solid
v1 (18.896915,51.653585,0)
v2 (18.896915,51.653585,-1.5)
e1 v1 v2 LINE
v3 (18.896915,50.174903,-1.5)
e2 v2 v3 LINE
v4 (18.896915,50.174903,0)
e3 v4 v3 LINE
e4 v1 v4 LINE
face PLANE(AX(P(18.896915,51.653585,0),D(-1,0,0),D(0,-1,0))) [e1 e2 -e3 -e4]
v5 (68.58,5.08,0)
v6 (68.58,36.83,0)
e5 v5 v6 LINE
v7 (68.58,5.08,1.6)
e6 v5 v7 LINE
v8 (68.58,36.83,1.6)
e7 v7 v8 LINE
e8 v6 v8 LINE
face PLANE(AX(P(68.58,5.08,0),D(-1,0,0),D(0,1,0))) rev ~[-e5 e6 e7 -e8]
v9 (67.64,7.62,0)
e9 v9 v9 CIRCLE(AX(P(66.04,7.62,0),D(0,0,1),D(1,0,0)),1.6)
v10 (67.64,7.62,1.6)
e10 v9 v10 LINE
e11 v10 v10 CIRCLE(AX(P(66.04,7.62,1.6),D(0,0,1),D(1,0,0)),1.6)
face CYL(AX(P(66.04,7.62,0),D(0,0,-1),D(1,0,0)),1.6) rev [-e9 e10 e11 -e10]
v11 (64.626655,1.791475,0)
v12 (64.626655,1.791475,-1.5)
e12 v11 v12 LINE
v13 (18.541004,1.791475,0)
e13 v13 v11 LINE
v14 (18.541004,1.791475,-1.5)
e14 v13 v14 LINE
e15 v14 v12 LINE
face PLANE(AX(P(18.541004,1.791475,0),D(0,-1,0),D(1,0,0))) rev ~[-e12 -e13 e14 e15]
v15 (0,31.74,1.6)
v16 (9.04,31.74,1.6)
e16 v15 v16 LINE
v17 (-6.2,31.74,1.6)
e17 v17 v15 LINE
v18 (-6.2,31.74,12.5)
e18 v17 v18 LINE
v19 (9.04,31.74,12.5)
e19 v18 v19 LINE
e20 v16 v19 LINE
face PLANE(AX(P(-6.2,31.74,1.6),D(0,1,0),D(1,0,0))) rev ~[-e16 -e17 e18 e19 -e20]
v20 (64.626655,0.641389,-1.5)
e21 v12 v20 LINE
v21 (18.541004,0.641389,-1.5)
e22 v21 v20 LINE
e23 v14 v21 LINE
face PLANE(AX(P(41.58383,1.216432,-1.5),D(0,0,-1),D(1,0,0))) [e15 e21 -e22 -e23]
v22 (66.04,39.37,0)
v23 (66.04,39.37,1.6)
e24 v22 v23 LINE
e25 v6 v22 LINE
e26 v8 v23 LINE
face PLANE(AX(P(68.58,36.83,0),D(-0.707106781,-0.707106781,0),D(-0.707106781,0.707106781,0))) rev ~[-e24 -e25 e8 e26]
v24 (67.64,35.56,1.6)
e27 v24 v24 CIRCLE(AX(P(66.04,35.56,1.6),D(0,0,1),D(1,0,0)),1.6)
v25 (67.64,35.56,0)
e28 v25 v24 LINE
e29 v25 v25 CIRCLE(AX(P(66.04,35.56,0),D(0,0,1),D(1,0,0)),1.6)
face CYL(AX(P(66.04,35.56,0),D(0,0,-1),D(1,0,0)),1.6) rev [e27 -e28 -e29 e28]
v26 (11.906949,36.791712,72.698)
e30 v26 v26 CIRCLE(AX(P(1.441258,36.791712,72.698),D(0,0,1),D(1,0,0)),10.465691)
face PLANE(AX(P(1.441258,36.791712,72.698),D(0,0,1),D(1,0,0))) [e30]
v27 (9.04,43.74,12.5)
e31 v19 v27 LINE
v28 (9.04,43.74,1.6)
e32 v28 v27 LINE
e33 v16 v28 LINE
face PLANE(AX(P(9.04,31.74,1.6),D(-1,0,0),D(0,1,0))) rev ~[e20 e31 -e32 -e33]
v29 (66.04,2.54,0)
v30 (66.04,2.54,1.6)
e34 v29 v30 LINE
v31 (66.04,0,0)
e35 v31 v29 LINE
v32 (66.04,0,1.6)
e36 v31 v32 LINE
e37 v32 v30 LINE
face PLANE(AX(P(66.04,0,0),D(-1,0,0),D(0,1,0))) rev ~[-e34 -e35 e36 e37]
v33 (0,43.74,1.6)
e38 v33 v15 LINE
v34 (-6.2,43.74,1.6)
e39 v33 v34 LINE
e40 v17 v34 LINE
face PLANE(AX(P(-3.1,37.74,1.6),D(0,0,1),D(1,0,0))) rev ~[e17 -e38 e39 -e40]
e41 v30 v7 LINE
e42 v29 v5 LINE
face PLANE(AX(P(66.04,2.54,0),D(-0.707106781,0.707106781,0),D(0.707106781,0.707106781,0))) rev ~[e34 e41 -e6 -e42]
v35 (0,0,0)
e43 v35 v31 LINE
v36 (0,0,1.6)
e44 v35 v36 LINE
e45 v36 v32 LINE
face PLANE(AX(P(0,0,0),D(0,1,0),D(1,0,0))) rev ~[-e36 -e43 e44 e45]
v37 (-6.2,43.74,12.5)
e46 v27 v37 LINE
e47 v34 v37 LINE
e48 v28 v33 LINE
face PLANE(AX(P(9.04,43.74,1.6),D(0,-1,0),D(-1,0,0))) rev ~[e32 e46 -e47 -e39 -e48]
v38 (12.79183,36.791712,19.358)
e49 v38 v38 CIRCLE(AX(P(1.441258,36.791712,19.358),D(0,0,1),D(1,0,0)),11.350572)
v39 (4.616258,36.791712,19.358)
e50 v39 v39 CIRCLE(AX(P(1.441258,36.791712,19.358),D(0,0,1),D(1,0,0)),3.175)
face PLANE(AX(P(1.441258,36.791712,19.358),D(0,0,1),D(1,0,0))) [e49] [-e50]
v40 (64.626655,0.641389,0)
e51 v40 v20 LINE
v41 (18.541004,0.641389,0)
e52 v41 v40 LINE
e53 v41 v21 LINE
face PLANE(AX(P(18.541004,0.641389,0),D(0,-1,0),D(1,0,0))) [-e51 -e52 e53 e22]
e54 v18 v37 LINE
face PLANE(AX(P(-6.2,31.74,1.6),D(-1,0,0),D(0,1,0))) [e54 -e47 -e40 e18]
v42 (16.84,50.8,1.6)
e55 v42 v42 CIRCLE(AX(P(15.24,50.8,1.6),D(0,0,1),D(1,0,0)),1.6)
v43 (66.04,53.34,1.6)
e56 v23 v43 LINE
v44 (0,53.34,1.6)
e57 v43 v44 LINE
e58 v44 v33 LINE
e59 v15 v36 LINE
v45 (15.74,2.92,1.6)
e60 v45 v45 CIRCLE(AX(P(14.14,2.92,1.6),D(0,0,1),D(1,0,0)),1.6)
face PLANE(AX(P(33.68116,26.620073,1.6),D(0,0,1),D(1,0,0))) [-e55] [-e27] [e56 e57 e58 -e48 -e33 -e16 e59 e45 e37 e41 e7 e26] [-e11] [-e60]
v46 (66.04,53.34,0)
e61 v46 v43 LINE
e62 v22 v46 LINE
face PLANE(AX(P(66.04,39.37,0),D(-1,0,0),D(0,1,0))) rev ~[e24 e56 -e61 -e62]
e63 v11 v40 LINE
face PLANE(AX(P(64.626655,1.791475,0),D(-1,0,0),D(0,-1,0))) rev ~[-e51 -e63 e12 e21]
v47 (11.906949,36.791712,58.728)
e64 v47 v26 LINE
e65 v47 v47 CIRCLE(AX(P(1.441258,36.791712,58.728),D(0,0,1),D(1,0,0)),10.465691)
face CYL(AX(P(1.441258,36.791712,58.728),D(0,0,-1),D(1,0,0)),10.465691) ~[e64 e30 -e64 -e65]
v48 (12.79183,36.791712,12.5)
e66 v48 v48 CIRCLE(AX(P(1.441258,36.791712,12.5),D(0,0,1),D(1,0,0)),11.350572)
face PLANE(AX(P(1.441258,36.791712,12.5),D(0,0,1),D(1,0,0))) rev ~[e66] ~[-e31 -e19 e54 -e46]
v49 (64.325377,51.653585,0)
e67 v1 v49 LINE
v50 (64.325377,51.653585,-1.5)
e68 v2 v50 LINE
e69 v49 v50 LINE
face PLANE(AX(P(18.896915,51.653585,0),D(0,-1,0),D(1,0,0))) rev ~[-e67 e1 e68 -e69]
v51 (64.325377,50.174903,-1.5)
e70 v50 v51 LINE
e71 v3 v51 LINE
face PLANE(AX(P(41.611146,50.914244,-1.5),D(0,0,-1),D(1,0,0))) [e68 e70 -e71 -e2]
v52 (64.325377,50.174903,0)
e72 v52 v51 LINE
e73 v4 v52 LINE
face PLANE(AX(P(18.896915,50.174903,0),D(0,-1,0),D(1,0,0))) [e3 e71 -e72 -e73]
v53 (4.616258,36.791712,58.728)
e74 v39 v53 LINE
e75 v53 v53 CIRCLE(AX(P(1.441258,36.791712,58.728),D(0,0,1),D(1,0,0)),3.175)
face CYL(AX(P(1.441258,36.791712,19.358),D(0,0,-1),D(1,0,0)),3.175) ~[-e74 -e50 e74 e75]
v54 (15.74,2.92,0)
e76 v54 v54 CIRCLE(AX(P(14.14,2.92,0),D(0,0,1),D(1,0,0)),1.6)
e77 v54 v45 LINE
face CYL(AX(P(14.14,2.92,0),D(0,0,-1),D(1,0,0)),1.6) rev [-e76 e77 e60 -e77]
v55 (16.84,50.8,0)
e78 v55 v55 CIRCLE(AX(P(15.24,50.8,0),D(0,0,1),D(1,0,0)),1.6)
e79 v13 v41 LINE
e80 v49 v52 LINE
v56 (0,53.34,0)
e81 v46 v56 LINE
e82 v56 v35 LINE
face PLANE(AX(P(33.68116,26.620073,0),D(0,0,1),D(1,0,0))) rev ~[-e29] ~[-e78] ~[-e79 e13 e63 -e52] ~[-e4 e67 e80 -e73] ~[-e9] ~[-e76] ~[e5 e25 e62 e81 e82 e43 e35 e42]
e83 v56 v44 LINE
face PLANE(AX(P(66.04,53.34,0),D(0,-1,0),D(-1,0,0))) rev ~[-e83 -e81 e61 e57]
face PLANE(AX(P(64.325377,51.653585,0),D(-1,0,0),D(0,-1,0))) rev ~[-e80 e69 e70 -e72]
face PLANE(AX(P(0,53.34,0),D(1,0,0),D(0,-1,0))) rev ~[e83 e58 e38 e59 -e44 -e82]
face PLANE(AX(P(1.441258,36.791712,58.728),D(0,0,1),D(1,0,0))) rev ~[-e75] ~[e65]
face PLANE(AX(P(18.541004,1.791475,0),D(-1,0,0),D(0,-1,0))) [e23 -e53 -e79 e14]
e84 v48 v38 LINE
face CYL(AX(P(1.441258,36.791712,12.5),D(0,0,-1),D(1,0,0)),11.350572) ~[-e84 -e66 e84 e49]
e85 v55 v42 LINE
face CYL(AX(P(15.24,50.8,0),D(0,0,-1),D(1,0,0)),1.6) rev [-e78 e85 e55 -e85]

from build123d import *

# Parameters (mm, degrees)
F0_R      = 1.6
F1_DEPTH  = 1.6
F2_W      = 6.2
F2_H      = 12
F2_W_2    = 9.04
F3_DEPTH  = 10.9
F4_W      = 46.085651
F4_H      = 1.150087
F4_W_2    = 45.428462
F4_H_2    = 1.478683
F5_DEPTH  = 1.5
F6_R      = 11.350572
F6_R_2    = 3.232045
F7_DEPTH  = 6.858
F8_R      = 3.175
F9_DEPTH  = 39.37
F10_R     = 10.465691
F10_R_2   = 3.175
F11_DEPTH = 13.97


with BuildPart() as f1:
    # F0 (on Top) → F1 (new body)
    with BuildSketch(Plane.XY):
        Polygon((0, 53.34), (0, 0), (66.04, 0), (66.04, 2.54), (68.58, 5.08), (68.58, 36.83), (66.04, 39.37), (66.04, 53.34), align=None)
        with Locations((14.14, 2.92)):
            Circle(F0_R, mode=Mode.SUBTRACT)
        with Locations((66.04, 7.62)):
            Circle(F0_R, mode=Mode.SUBTRACT)
        with Locations((15.24, 50.8)):
            Circle(F0_R, mode=Mode.SUBTRACT)
        with Locations((66.04, 35.56)):
            Circle(F0_R, mode=Mode.SUBTRACT)
    extrude(amount=F1_DEPTH)

    # F2 (on face) → F3 (join)
    with BuildSketch(Plane.XY.offset(1.6)):
        with Locations((-3.1, 37.74)):
            Rectangle(F2_W, F2_H)
        with Locations((4.52, 37.74)):
            Rectangle(F2_W_2, F2_H)
    extrude(amount=F3_DEPTH)

    # F4 (on face) → F5 (join)
    with BuildSketch(Plane(origin=(0, 0, 0), x_dir=(1, 0, 0), z_dir=(0, 0, -1))):
        with Locations((41.58383, -1.216432)):
            Rectangle(F4_W, F4_H)
        with Locations((41.611146, -50.914244)):
            Rectangle(F4_W_2, F4_H_2)
    extrude(amount=F5_DEPTH)

    # F6 (on face) → F7 (join)
    with BuildSketch(Plane.XY.offset(12.5)):
        with Locations((1.441258, 36.791712)):
            Circle(F6_R)
        with Locations((1.441258, 36.791712)):
            Circle(F6_R_2, mode=Mode.SUBTRACT)
        with Locations((1.441258, 36.791712)):
            Circle(F6_R_2)
    extrude(amount=F7_DEPTH)

    # F8 (on face) → F9 (join)
    with BuildSketch(Plane.XY.offset(19.358)):
        with Locations((1.441258, 36.791712)):
            Circle(F8_R)
    extrude(amount=F9_DEPTH)

    # F10 (on face) → F11 (join)
    with BuildSketch(Plane.XY.offset(58.728)):
        with Locations((1.441258, 36.791712)):
            Circle(F10_R)
        with Locations((1.441258, 36.791712)):
            Circle(F10_R_2)
    extrude(amount=F11_DEPTH)


solid = f1.part
